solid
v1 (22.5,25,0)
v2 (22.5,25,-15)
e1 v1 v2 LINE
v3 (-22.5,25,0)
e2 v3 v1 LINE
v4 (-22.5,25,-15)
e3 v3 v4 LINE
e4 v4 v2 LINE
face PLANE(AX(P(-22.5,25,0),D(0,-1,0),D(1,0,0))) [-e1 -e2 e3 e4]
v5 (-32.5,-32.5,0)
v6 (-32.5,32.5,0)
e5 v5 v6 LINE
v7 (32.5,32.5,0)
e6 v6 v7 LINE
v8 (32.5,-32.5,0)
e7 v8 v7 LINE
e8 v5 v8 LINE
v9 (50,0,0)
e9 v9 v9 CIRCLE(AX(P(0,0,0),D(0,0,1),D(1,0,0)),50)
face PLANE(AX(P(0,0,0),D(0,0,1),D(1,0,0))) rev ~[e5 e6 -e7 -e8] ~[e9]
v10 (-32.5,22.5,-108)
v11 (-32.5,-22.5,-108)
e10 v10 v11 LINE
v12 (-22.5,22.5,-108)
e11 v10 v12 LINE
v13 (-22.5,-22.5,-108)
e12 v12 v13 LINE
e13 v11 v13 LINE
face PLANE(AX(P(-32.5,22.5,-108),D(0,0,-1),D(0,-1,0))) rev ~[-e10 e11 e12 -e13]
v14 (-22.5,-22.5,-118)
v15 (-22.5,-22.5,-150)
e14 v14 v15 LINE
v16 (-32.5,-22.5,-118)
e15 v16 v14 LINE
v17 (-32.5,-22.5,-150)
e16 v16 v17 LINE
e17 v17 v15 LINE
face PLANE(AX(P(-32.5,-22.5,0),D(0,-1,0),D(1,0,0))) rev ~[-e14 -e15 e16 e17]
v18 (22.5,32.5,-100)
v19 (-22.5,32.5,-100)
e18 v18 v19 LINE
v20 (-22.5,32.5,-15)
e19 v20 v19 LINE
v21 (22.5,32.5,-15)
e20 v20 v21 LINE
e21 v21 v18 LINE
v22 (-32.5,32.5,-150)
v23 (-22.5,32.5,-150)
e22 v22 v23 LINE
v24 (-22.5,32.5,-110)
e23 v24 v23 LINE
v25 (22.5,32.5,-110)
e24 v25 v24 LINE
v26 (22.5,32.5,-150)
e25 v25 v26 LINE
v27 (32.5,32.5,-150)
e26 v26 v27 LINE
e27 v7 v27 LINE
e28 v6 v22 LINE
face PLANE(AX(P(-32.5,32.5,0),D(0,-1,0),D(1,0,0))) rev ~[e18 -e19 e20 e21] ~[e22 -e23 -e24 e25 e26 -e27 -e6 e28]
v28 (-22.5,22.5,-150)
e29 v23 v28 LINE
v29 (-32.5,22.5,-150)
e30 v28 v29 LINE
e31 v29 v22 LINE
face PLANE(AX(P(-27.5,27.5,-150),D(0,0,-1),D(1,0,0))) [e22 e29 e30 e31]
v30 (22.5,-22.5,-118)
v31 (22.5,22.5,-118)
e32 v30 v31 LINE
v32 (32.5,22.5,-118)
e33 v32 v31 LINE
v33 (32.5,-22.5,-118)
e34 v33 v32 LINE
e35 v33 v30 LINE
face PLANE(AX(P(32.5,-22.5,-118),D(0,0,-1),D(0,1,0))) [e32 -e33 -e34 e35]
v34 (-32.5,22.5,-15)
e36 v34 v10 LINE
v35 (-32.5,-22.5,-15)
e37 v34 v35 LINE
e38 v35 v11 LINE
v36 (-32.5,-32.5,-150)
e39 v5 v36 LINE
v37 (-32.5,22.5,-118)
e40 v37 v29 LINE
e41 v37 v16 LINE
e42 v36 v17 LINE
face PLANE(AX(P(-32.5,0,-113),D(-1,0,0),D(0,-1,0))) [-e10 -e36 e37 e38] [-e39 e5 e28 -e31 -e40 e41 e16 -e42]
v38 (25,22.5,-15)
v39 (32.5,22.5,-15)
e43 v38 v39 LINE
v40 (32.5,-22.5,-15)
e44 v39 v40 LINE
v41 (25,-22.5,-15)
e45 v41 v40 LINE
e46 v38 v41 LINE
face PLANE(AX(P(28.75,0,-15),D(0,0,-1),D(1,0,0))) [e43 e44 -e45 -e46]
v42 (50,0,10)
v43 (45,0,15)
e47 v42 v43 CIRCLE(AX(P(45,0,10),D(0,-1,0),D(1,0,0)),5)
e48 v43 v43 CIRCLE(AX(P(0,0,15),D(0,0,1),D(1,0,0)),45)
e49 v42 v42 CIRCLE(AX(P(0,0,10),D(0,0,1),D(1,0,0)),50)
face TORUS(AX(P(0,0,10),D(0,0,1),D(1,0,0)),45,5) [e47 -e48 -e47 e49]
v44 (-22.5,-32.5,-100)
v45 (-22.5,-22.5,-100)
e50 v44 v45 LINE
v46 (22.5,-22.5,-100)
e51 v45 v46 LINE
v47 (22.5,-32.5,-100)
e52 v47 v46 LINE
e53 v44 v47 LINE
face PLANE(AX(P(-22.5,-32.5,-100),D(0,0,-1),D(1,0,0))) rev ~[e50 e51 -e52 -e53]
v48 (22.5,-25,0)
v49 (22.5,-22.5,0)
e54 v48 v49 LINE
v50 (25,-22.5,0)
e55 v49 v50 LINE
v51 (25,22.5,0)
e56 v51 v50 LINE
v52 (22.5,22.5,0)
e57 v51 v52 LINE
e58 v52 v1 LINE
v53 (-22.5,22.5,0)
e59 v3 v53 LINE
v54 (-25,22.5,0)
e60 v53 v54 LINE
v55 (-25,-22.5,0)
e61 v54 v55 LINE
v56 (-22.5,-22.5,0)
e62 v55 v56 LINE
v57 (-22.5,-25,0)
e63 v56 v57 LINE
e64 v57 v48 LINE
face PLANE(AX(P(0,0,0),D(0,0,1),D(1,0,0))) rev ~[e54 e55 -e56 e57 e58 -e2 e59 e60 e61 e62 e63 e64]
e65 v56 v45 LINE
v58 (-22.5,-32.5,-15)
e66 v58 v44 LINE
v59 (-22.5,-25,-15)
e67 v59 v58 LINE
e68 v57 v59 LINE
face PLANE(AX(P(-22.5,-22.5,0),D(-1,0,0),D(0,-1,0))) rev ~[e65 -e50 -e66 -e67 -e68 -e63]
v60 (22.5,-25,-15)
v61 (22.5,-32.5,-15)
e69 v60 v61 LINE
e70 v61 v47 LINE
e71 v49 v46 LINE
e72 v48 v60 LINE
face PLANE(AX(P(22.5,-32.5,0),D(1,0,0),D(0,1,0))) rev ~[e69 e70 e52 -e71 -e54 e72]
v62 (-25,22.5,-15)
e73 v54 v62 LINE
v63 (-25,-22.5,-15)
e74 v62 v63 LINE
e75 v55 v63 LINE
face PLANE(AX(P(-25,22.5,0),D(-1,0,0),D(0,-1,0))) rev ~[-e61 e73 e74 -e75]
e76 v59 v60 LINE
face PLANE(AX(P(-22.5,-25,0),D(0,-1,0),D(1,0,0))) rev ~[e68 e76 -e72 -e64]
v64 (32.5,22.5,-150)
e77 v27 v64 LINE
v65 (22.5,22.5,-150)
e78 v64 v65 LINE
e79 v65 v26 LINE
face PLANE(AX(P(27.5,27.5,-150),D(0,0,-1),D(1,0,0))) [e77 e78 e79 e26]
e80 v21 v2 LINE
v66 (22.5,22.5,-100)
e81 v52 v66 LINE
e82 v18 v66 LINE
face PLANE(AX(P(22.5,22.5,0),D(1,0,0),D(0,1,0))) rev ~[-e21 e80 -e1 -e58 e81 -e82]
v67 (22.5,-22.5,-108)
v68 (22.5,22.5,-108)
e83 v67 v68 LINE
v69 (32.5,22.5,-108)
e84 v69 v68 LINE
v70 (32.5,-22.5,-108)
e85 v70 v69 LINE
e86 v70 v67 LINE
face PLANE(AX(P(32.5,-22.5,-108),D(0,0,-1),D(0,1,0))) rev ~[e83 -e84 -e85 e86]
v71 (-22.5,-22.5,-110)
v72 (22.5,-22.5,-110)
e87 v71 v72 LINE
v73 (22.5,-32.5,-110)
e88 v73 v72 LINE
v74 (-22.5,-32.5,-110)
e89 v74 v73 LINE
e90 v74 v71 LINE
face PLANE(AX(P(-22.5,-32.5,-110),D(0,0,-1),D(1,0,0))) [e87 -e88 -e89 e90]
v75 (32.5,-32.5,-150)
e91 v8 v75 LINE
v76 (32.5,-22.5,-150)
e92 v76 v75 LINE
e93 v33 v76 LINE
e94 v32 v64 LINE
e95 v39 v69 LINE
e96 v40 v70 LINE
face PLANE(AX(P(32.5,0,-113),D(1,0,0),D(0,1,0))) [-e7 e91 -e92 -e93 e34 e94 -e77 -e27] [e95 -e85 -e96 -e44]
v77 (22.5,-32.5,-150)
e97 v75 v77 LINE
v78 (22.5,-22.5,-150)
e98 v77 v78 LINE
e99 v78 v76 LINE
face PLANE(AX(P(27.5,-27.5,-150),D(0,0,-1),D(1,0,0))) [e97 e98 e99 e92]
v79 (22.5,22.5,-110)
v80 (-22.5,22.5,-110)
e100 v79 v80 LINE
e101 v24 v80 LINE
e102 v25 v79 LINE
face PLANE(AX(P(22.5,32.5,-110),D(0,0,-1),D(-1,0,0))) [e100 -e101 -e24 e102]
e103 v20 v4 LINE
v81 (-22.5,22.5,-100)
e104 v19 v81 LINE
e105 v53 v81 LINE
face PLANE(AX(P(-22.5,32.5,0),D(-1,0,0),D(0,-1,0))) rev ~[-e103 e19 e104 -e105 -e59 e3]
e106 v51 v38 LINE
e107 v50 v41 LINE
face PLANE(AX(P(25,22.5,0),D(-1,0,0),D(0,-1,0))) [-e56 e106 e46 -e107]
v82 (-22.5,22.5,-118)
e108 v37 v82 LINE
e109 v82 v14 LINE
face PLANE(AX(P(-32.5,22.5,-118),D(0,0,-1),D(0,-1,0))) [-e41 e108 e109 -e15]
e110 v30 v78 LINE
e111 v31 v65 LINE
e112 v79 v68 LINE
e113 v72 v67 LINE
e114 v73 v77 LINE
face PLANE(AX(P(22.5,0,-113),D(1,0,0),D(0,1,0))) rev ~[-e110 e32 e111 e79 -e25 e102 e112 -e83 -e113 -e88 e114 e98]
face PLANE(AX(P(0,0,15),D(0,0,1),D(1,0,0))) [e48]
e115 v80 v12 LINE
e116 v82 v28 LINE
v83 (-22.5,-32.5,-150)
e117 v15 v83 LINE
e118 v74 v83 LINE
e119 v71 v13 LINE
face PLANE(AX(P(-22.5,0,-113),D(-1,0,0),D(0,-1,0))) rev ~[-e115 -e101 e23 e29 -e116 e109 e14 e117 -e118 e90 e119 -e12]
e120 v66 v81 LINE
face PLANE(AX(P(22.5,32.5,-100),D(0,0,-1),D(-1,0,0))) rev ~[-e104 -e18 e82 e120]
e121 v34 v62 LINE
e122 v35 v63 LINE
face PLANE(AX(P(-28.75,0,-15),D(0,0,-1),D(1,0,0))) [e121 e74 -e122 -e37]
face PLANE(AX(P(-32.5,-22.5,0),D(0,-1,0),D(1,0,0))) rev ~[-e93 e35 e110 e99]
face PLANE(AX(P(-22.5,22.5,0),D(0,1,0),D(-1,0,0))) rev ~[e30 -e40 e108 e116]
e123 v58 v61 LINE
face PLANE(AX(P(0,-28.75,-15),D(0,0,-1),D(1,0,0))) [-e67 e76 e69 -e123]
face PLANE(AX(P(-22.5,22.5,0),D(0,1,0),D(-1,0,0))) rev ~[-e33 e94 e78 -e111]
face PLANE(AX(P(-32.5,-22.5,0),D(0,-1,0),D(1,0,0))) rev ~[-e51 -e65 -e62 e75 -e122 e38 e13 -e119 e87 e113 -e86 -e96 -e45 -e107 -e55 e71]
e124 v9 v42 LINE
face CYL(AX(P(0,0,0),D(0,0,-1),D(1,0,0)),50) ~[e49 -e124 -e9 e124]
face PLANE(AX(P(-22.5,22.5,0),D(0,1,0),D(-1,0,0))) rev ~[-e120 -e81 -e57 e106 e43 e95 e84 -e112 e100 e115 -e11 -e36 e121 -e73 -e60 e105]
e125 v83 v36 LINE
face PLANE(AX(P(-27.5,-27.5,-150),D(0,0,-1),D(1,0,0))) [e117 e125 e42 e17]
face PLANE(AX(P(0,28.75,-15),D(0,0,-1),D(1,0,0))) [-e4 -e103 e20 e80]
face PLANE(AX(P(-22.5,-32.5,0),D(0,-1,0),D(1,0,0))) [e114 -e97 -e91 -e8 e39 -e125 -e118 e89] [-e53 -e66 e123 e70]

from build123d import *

# Parameters (mm, degrees)
F0_R      = 50
F1_DEPTH  = 15
F2_W      = 45
F2_H      = 7.5
F2_W_2    = 7.5
F2_H_2    = 45
F3_DEPTH  = 15
F5_DEPTH  = 150
F6_W      = 45
F6_H      = 10
F7_DEPTH  = 10
F8_W      = 45
F8_H      = 10
F9_DEPTH  = 10
F10_W     = 45
F10_H     = 10
F11_DEPTH = 10
F12_W     = 45
F12_H     = 10
F13_DEPTH = 10
F14_R     = 5


with BuildPart() as f1:
    # F0 (on Top) → F1 (new body)
    with BuildSketch(Plane.XY):
        Circle(F0_R)
    extrude(amount=F1_DEPTH)

    # F2 (on face) → F3 (join)
    with BuildSketch(Plane(origin=(0, 0, 0), x_dir=(1, 0, 0), z_dir=(0, 0, -1))):
        with Locations((0, 28.75)):
            Rectangle(F2_W, F2_H)
        with Locations((-28.75, 0)):
            Rectangle(F2_W_2, F2_H_2)
        with Locations((28.75, 0)):
            Rectangle(F2_W_2, F2_H_2)
        with Locations((0, -28.75)):
            Rectangle(F2_W, F2_H)
    extrude(amount=F3_DEPTH)

    # F4 (on face) → F5 (join)
    with BuildSketch(Plane(origin=(0, 0, 0), x_dir=(1, 0, 0), z_dir=(0, 0, -1))):
        Polygon((-25, -22.5), (-32.5, -22.5), (-32.5, -32.5), (-22.5, -32.5), (-22.5, -25), (-22.5, -22.5), align=None)
        Polygon((-22.5, 32.5), (-32.5, 32.5), (-32.5, 22.5), (-25, 22.5), (-22.5, 22.5), (-22.5, 25), align=None)
        Polygon((32.5, 32.5), (22.5, 32.5), (22.5, 25), (22.5, 22.5), (25, 22.5), (32.5, 22.5), align=None)
        Polygon((32.5, -32.5), (32.5, -22.5), (25, -22.5), (22.5, -22.5), (22.5, -25), (22.5, -32.5), align=None)
    extrude(amount=F5_DEPTH)

    # F6 (on face) → F7 (join)
    with BuildSketch(Plane.XZ.offset(32.5)):
        with Locations((0, -105)):
            Rectangle(F6_W, F6_H)
    extrude(amount=-F7_DEPTH)

    # F8 (on face) → F9 (join)
    with BuildSketch(Plane(origin=(0, 32.5, 0), x_dir=(-1, 0, 0), z_dir=(0, 1, 0))):
        with Locations((0, -105)):
            Rectangle(F8_W, F8_H)
    extrude(amount=-F9_DEPTH)

    # F10 (on face) → F11 (join)
    with BuildSketch(Plane(origin=(-32.5, 0, 0), x_dir=(0, -1, 0), z_dir=(-1, 0, 0))):
        with Locations((0, -113)):
            Rectangle(F10_W, F10_H)
    extrude(amount=-F11_DEPTH)

    # F12 (on face) → F13 (join)
    with BuildSketch(Plane.YZ.offset(32.5)):
        with Locations((0, -113)):
            Rectangle(F12_W, F12_H)
    extrude(amount=-F13_DEPTH)

    # F14
    f14_edges = [f1.edges().sort_by_distance(p)[0] for p in [
        (-50, 0, 15),
    ]]
    fillet(f14_edges, radius=F14_R)


solid = f1.part
